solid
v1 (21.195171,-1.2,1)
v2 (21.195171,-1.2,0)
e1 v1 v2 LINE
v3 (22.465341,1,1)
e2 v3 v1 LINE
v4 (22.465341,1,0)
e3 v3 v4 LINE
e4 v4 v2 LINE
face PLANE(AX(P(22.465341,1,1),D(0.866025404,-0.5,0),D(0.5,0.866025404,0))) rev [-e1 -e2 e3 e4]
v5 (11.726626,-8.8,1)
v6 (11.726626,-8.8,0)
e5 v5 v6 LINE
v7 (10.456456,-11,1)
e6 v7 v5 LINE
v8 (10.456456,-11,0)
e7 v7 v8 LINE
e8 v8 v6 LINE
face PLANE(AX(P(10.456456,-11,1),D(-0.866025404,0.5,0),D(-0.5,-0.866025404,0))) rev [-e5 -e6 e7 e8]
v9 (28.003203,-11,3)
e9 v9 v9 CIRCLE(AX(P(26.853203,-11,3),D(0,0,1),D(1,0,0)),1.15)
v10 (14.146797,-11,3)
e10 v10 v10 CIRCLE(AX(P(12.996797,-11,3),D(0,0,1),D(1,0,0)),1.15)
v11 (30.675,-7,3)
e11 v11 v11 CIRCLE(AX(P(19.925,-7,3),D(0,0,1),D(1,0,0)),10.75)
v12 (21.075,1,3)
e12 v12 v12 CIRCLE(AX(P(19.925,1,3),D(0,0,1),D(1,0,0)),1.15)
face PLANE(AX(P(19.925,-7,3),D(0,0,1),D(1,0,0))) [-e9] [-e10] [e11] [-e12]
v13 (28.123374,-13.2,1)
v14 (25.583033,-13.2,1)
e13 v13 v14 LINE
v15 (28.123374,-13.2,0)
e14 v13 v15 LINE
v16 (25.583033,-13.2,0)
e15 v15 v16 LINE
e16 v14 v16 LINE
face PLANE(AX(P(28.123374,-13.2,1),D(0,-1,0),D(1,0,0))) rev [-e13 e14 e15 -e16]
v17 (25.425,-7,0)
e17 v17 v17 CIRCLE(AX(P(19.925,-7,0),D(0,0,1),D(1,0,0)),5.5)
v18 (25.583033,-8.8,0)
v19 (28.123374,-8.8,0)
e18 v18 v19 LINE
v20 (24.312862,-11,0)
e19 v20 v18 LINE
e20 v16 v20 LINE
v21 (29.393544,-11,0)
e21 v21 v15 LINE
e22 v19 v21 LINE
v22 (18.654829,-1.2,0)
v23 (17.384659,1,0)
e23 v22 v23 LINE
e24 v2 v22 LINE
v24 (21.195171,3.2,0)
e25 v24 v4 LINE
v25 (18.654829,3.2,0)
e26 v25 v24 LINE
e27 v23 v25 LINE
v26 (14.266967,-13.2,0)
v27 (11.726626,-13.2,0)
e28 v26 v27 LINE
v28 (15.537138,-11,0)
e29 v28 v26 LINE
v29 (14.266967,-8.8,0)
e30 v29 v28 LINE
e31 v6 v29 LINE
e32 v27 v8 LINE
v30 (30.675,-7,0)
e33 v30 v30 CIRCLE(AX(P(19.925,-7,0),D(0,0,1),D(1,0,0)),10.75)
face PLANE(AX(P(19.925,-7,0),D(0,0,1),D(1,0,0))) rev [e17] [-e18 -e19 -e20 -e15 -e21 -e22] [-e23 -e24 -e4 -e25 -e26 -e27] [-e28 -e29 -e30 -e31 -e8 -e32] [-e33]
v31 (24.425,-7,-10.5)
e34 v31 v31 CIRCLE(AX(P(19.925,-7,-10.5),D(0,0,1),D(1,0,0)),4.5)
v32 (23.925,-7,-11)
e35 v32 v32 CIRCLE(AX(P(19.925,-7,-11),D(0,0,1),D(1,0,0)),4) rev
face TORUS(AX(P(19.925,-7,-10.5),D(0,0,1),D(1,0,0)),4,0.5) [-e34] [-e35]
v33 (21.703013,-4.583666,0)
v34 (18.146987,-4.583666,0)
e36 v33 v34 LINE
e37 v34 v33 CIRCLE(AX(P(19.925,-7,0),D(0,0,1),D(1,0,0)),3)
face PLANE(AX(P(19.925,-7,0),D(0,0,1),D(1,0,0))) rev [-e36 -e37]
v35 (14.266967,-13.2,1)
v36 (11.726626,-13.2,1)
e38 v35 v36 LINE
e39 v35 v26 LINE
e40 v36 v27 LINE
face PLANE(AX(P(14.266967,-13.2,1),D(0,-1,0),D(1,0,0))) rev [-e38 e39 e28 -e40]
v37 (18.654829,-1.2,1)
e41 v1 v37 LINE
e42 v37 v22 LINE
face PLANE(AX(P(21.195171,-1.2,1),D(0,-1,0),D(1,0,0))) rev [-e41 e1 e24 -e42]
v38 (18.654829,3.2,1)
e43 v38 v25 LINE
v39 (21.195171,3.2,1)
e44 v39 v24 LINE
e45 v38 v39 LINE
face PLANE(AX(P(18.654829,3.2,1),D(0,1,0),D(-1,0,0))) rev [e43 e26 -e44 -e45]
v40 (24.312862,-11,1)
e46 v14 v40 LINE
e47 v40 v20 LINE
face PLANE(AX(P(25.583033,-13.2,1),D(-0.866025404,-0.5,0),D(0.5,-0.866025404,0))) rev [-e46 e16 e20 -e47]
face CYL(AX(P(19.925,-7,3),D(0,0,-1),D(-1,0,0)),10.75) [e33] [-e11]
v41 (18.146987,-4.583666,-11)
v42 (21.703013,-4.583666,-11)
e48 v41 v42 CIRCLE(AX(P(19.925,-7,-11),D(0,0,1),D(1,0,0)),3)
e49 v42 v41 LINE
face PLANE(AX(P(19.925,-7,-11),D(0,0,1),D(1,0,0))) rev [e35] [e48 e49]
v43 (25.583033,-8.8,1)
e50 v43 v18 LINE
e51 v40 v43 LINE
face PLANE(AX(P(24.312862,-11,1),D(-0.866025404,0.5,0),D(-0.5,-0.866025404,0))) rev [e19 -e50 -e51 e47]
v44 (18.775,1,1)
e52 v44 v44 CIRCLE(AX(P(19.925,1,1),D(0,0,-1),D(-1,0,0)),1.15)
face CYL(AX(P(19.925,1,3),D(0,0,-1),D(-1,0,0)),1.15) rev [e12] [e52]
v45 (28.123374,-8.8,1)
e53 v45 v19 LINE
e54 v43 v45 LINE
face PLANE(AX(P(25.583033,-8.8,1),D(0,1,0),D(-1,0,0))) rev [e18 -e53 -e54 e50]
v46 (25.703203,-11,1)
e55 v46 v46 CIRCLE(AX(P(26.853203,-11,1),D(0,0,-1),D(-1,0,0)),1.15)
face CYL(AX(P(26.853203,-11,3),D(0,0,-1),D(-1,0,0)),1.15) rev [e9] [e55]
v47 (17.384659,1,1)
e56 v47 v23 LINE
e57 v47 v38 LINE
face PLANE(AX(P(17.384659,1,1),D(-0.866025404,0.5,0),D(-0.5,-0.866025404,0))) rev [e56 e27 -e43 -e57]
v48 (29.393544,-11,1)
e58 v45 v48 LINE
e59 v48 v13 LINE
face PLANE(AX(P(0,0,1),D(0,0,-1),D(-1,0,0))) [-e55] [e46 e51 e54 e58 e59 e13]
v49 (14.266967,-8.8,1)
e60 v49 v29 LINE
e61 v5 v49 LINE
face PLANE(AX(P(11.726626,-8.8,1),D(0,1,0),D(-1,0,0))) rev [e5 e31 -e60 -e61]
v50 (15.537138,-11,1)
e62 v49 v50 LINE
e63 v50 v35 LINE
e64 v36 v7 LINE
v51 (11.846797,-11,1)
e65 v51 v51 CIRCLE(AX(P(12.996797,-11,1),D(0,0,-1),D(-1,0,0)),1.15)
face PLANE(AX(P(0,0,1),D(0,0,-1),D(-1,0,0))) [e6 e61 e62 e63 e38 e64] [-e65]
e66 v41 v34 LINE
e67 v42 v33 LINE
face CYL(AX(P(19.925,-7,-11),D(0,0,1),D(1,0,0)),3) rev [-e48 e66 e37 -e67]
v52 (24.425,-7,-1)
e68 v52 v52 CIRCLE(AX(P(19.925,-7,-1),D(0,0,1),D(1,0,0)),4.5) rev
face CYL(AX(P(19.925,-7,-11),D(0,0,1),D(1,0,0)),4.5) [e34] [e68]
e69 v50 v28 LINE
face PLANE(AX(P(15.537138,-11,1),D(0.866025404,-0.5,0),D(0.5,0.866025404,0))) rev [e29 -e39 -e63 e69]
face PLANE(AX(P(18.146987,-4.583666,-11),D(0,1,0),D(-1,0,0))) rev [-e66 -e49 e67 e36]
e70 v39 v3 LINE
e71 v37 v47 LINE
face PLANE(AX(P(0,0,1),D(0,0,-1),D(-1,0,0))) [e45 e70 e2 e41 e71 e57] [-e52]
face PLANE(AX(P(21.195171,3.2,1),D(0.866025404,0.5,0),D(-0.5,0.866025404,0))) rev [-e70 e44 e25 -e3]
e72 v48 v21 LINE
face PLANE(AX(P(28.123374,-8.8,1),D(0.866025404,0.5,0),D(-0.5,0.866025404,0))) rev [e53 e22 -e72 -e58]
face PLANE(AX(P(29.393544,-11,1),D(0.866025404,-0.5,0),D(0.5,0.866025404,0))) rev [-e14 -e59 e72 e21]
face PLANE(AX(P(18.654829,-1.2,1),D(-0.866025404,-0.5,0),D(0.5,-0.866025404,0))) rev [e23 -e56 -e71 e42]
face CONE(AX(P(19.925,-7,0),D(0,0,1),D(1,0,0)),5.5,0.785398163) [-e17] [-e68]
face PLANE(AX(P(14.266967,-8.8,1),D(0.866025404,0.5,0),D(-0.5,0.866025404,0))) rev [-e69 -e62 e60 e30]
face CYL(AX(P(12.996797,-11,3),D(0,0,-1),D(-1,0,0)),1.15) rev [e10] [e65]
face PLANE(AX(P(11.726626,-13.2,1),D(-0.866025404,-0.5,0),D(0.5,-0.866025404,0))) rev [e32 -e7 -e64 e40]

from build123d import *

# Parameters (mm, degrees)
SKETCH1_R           = 4.5
BOSS_EXTRUDE1_DEPTH = 11
SKETCH2_R           = 10.75
SKETCH2_R_2         = 1.15
BOSS_EXTRUDE2_DEPTH = 3
CUT_EXTRUDE1_DEPTH  = 1
CHAMFER1_SIZE       = 1
FILLET1_R           = 0.5


with BuildPart() as part:
    # Sketch1 → Boss-Extrude1 (new body)
    with BuildSketch(Plane.XY):
        with Locations((19.925, -7)):
            Circle(SKETCH1_R)
        with BuildLine():
            Line((18.146986881, -4.583666134), (21.703013119, -4.583666134))
            ThreePointArc((21.703013119, -4.583666134), (19.925, -10), (18.146986881, -4.583666134))
        make_face(mode=Mode.SUBTRACT)
    extrude(amount=-BOSS_EXTRUDE1_DEPTH)

    # Sketch2 → Boss-Extrude2 (add)
    with BuildSketch(Plane.XY):
        with Locations((19.925, -7)):
            Circle(SKETCH2_R)
        with Locations((19.925, 1)):
            Circle(SKETCH2_R_2, mode=Mode.SUBTRACT)
        with Locations((12.99679677, -11)):
            Circle(SKETCH2_R_2, mode=Mode.SUBTRACT)
        with Locations((26.85320323, -11)):
            Circle(SKETCH2_R_2, mode=Mode.SUBTRACT)
    extrude(amount=BOSS_EXTRUDE2_DEPTH)

    # Sketch3 → Cut-Extrude1 (cut)
    with BuildSketch(Plane(origin=(0, 0, 0), x_dir=(-1, 0, 0), z_dir=(0, 0, -1))):
        Polygon((-25.583032638, -8.8), (-28.123373822, -8.8), (-29.393544415, -11), (-28.123373822, -13.2), (-25.583032638, -13.2), (-24.312862046, -11), align=None)
        Polygon((-22.465341184, 1), (-21.195170592, -1.2), (-18.654829408, -1.2), (-17.384658816, 1), (-18.654829408, 3.2), (-21.195170592, 3.2), align=None)
        Polygon((-14.266967362, -8.8), (-15.537137954, -11), (-14.266967362, -13.2), (-11.726626178, -13.2), (-10.456455585, -11), (-11.726626178, -8.8), align=None)
    extrude(amount=-CUT_EXTRUDE1_DEPTH, mode=Mode.SUBTRACT)

    # Chamfer1
    chamfer1_edges = [part.edges().sort_by_distance(p)[0] for p in [
        (15.425, -7, 0),
    ]]
    chamfer(chamfer1_edges, length=CHAMFER1_SIZE)

    # Fillet1
    fillet1_edges = [part.edges().sort_by_distance(p)[0] for p in [
        (15.425, -7, -11),
    ]]
    fillet(fillet1_edges, radius=FILLET1_R)


solid = part.part
